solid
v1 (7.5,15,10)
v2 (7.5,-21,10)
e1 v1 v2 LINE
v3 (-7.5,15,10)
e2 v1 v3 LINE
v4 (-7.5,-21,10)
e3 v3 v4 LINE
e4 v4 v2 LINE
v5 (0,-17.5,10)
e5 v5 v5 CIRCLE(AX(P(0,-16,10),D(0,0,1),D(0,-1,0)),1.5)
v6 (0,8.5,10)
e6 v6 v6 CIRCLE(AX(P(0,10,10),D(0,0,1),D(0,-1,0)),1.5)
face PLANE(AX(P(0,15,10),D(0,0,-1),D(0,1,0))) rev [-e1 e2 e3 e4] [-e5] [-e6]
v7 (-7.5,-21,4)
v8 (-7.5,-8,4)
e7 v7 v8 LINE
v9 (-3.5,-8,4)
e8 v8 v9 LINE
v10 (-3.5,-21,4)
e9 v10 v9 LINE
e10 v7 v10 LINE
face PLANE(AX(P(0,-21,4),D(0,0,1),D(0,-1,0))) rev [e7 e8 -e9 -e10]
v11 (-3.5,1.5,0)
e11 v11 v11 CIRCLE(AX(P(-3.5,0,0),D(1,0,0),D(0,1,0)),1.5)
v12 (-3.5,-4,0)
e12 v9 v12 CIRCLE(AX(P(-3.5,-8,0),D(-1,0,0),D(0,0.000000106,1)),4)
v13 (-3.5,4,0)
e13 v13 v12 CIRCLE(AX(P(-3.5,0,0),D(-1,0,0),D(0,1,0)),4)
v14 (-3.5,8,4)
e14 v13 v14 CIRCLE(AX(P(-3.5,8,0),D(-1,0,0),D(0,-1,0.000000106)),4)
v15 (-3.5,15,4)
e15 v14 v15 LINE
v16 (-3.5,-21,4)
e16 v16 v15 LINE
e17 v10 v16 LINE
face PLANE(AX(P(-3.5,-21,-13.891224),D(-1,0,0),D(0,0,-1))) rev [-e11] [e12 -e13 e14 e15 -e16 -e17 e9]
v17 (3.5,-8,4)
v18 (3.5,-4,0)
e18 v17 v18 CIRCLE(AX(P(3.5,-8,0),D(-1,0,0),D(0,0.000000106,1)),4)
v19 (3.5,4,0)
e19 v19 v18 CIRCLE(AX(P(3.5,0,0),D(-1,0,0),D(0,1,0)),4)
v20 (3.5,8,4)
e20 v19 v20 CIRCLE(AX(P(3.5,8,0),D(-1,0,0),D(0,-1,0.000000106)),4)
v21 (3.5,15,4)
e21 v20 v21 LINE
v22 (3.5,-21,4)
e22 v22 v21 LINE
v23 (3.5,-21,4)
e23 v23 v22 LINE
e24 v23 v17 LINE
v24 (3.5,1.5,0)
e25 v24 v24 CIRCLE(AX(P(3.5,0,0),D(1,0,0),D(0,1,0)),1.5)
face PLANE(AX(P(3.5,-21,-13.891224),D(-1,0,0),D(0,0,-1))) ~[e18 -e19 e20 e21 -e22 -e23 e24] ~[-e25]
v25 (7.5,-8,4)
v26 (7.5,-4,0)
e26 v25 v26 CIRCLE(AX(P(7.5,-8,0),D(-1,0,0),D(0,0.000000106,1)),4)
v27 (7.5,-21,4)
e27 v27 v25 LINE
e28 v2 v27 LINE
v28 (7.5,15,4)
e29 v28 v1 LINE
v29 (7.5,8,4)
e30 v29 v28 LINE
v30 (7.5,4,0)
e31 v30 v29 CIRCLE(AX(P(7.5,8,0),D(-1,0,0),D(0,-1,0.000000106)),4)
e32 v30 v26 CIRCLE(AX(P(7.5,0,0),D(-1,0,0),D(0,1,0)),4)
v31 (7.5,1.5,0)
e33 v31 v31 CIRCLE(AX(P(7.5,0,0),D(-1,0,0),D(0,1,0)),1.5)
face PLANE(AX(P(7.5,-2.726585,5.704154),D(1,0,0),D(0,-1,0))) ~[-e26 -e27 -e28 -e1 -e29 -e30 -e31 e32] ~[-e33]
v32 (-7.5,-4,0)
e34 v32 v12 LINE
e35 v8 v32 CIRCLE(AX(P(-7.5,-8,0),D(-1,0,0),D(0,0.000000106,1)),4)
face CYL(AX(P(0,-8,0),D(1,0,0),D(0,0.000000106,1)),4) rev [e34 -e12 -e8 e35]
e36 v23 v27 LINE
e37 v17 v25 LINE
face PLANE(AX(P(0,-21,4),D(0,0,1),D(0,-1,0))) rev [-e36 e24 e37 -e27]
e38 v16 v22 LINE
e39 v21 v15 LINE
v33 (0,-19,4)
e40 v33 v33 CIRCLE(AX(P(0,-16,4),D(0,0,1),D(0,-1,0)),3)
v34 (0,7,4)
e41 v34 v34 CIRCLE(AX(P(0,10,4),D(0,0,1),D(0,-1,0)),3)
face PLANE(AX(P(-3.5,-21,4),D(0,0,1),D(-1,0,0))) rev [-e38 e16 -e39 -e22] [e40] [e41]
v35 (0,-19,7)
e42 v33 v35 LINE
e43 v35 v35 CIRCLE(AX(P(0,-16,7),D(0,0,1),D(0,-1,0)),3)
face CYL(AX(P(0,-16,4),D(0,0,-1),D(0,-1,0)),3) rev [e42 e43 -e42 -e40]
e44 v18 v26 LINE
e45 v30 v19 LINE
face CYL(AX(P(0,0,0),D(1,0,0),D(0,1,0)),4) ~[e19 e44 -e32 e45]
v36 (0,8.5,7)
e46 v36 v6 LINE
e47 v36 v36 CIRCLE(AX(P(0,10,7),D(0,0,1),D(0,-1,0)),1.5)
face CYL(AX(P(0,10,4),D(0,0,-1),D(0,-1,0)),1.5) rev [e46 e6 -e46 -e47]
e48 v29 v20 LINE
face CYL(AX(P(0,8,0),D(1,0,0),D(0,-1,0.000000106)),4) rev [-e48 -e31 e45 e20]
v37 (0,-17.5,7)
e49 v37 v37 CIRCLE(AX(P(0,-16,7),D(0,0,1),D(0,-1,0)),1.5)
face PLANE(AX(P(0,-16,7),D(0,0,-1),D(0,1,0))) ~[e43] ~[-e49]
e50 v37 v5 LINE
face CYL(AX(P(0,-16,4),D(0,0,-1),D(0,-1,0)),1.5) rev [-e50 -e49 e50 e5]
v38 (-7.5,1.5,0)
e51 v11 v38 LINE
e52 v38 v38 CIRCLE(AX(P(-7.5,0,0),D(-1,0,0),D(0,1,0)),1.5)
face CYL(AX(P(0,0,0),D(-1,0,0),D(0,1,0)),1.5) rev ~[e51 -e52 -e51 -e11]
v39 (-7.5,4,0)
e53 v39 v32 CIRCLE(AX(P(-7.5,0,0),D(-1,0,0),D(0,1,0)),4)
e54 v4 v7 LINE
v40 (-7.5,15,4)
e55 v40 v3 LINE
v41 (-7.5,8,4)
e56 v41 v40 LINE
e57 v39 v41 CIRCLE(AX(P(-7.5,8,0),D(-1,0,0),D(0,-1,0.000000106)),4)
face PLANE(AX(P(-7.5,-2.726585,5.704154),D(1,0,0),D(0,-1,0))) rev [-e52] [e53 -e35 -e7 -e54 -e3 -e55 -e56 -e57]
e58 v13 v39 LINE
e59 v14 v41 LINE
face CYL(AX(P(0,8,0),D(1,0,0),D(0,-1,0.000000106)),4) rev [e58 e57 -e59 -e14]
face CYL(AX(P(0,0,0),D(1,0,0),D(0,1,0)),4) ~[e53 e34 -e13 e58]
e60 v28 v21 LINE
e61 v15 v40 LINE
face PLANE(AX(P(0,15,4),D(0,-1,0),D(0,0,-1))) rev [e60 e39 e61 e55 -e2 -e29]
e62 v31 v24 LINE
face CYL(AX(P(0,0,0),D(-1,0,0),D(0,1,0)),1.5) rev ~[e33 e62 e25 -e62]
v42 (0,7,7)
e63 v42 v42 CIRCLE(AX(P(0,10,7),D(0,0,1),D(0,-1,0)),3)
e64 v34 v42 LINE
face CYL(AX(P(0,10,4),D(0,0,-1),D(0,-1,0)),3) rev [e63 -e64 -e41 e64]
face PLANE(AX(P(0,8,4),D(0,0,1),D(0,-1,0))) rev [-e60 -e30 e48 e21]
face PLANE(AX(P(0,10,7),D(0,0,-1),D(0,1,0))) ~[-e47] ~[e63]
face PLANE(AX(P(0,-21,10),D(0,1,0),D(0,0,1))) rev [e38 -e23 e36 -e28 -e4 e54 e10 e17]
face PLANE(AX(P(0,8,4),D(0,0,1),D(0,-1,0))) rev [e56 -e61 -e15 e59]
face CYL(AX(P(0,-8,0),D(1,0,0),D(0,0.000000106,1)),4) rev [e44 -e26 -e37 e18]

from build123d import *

# Parameters (mm, degrees)
SKETCH007_R     = 1.5
PAD002_DEPTH    = 7.5
SKETCH008_W     = 17.891225
SKETCH008_H     = 7
POCKET005_DEPTH = 36.001
SKETCH009_R     = 1.5
POCKET006_DEPTH = 6.001
SKETCH010_R     = 3
POCKET007_DEPTH = 3


with BuildPart() as bottom001:
    # Sketch007 → Pad002 (new body, symmetric)
    with BuildSketch(Plane.YZ):
        with BuildLine():
            ThreePointArc((4, 0), (0, 4), (-4, 0))
            ThreePointArc((-8, -4), (-5.171573, -2.828427), (-4, 0))
            Line((-21, -4), (-8, -4))
            Line((-21, -10), (-21, -4))
            Line((15, -10), (-21, -10))
            Line((15, -4), (15, -10))
            Line((8, -4), (15, -4))
            ThreePointArc((4, 0), (5.171573, -2.828427), (8, -4))
        make_face()
        Circle(SKETCH007_R, mode=Mode.SUBTRACT)
    extrude(amount=PAD002_DEPTH, both=True)

    # Sketch008 (on Face4 of Pad002) → Pocket005 (cut, through all)
    with BuildSketch(Plane(origin=(0, -21, 0), x_dir=(0, 0, -1), z_dir=(0, -1, 0))):
        with Locations((-4.945612, 0)):
            Rectangle(SKETCH008_W, SKETCH008_H)
    extrude(amount=-POCKET005_DEPTH, mode=Mode.SUBTRACT)

    # Sketch009 (on Face16 of Pocket005) → Pocket006 (cut, through all)
    with BuildSketch(Plane(origin=(0, 0, -4), x_dir=(0, -1, 0), z_dir=(0, 0, 1))):
        with Locations((16, 0)):
            Circle(SKETCH009_R)
        with Locations((-10, 0)):
            Circle(SKETCH009_R)
    extrude(amount=-POCKET006_DEPTH, mode=Mode.SUBTRACT)

    # Sketch010 (on Face5 of Pocket006) → Pocket007 (cut)
    with BuildSketch(Plane(origin=(0, 0, -4), x_dir=(0, -1, 0), z_dir=(0, 0, 1))):
        with Locations((-10, 0)):
            Circle(SKETCH010_R)
        with Locations((16, 0)):
            Circle(SKETCH010_R)
    extrude(amount=-POCKET007_DEPTH, mode=Mode.SUBTRACT)


with BuildPart() as part_mirroring001:
    # Part__Mirroring001: instance of Bottom001
    add(bottom001.part.mirror(Plane(origin=(0, 0, 0), x_dir=(0, 1, 0), z_dir=(0, 0, 1))))


solid = part_mirroring001.part
